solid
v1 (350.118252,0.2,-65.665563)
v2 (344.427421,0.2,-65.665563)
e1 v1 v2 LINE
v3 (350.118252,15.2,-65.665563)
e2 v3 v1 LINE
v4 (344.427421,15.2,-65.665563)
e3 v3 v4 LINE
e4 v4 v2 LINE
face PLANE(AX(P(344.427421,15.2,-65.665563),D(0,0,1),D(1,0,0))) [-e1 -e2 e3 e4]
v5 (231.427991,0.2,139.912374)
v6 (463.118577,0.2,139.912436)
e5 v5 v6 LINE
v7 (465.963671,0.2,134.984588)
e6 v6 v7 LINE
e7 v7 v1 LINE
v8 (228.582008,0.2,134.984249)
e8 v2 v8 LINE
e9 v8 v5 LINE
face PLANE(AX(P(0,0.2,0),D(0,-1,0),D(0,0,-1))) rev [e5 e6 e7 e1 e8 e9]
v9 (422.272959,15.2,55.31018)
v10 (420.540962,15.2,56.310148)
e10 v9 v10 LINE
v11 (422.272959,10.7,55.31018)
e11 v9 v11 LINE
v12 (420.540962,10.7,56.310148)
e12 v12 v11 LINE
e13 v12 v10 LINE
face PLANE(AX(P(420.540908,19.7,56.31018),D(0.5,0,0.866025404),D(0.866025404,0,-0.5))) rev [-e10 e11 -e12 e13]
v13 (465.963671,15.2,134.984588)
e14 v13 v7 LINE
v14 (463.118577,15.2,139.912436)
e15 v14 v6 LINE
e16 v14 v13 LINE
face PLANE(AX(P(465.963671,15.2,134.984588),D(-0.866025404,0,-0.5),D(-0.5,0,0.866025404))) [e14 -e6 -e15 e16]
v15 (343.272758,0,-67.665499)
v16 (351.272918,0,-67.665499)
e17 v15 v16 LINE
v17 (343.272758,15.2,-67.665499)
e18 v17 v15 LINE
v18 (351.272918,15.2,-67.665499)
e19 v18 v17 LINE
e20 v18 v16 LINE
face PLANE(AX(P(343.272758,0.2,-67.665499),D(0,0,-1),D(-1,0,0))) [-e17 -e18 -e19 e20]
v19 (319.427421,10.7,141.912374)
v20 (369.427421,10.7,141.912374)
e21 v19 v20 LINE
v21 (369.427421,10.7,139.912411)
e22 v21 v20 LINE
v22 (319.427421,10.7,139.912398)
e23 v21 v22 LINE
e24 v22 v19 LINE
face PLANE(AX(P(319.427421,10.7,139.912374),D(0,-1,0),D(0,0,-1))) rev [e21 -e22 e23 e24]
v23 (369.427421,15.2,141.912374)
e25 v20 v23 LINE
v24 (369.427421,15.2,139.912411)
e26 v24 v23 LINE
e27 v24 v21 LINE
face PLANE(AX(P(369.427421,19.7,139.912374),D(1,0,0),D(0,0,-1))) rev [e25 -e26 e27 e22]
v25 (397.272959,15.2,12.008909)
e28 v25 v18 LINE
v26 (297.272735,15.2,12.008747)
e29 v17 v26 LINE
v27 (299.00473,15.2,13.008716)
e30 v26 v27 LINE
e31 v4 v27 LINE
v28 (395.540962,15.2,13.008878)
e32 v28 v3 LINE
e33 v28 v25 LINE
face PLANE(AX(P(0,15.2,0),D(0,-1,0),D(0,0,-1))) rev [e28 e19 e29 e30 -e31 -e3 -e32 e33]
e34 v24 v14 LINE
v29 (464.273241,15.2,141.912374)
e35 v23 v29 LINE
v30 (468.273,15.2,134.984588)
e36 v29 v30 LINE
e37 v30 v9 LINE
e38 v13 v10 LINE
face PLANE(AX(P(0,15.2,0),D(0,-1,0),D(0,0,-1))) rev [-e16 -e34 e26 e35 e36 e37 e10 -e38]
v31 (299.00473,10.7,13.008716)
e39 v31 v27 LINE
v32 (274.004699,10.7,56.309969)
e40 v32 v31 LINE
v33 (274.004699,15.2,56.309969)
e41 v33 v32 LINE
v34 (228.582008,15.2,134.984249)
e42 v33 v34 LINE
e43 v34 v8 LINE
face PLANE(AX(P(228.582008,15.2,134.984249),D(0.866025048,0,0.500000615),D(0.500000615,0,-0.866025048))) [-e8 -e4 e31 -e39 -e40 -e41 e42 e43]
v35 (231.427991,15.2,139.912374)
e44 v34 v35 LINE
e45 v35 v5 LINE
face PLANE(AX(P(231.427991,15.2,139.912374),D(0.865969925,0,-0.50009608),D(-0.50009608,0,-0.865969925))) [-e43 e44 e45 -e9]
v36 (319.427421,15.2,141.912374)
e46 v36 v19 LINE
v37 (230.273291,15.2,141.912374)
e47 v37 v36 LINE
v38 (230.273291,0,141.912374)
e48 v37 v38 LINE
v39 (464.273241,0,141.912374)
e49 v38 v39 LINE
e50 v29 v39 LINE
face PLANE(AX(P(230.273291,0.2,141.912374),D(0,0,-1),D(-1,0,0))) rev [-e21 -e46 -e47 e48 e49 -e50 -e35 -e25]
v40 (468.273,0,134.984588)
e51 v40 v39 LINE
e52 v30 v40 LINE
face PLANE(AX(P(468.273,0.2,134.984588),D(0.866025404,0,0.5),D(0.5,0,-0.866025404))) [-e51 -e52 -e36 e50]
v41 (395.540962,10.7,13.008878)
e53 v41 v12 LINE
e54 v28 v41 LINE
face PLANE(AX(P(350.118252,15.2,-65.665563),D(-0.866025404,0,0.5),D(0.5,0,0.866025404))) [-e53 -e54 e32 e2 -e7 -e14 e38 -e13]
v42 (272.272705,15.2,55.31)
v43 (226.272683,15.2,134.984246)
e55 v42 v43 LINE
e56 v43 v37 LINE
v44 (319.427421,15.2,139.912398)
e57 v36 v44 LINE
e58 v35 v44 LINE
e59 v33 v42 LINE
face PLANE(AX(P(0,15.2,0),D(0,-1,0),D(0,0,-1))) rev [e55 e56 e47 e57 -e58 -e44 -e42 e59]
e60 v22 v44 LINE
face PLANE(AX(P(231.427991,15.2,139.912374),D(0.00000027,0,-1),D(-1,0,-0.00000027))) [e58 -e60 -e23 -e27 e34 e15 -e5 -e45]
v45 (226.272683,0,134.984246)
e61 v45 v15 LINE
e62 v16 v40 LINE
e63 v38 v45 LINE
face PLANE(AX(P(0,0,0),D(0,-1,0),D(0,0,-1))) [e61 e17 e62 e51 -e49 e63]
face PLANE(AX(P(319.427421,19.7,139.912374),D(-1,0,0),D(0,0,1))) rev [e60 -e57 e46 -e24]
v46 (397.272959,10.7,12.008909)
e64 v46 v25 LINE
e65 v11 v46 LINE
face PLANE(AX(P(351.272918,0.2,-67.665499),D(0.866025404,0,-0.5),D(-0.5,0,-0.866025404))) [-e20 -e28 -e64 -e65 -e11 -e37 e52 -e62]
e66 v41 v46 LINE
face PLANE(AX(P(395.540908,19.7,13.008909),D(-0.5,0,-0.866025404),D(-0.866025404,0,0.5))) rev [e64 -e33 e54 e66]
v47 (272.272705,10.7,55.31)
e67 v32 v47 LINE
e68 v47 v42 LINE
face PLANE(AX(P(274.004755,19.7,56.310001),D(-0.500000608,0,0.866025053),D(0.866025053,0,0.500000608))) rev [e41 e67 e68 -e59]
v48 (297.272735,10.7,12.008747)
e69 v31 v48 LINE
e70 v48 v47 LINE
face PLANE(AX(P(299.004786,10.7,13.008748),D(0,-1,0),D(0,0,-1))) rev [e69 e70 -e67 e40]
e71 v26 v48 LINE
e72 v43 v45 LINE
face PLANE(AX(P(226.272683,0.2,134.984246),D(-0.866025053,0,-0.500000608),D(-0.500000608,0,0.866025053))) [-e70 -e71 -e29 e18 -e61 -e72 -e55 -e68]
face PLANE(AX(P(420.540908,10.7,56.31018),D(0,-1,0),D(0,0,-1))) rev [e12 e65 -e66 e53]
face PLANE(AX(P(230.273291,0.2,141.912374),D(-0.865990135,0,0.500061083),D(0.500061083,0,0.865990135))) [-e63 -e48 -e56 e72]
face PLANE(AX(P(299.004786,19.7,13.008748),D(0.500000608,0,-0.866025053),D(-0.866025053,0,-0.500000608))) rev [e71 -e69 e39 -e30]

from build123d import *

# Parameters (mm, degrees)
BOSS_EXTRUDE6_DEPTH = 0.2
BOSS_EXTRUDE8_DEPTH = 15.2
SKETCH2_W           = 50
SKETCH2_H           = 9
CUT_EXTRUDE1_DEPTH  = 2
SKETCH3_W           = 50
SKETCH3_H           = 9
CUT_EXTRUDE2_DEPTH  = 2
SKETCH4_W           = 50
SKETCH4_H           = 9
CUT_EXTRUDE3_DEPTH  = 2


with BuildPart() as part:
    # Sketch1 → Boss-Extrude6 (new body)
    with BuildSketch(Plane(origin=(0, 0, 0), x_dir=(1, 0, 0), z_dir=(0, 1, 0))):
        Polygon((351.272917769, 67.665499075), (468.273000096, -134.984588004), (464.273241085, -141.912373829), (230.273290915, -141.912373829), (226.272682949, -134.984246141), (343.272757546, 67.665499075), align=None)
    extrude(amount=BOSS_EXTRUDE6_DEPTH)

    # Sketch1<7> → Boss-Extrude8 (add)
    with BuildSketch(Plane(origin=(0, 0, 0), x_dir=(1, 0, 0), z_dir=(0, 1, 0))):
        Polygon((351.272917769, 67.665499075), (468.273000096, -134.984588004), (464.273241085, -141.912373829), (230.273290915, -141.912373829), (226.272682949, -134.984246141), (343.272757546, 67.665499075), align=None)
        Polygon((231.427991453, -139.912373829), (463.118576698, -139.912436444), (465.963671321, -134.984588004), (350.118252434, 65.665563332), (344.427420986, 65.665563332), (228.58200795, -134.984248572), align=None, mode=Mode.SUBTRACT)
    extrude(amount=BOSS_EXTRUDE8_DEPTH)

    # Sketch2 → Cut-Extrude1 (cut)
    with BuildSketch(Plane.XY.offset(141.912373829)):
        with Locations((344.427420986, 15.2)):
            Rectangle(SKETCH2_W, SKETCH2_H)
    extrude(amount=-CUT_EXTRUDE1_DEPTH, mode=Mode.SUBTRACT)

    # Sketch3 → Cut-Extrude2 (cut)
    with BuildSketch(Plane(origin=(292.754708906, 0, -169.022009994), x_dir=(-0.5000000000000001, 0, -0.8660254037844386), z_dir=(0.8660254037844386, 0, -0.5000000000000001))):
        with Locations((-234.036500052, 15.2)):
            Rectangle(SKETCH3_W, SKETCH3_H)
    extrude(amount=-CUT_EXTRUDE2_DEPTH, mode=Mode.SUBTRACT)

    # Sketch4 → Cut-Extrude3 (cut)
    with BuildSketch(Plane(origin=(228.154315179, 0, 131.7251688), x_dir=(-0.5000006078406093, 0, 0.866025052847215), z_dir=(-0.866025052847215, 0, -0.5000006078406093))):
        with Locations((-113.236672478, 15.2)):
            Rectangle(SKETCH4_W, SKETCH4_H)
    extrude(amount=-CUT_EXTRUDE3_DEPTH, mode=Mode.SUBTRACT)


solid = part.part
